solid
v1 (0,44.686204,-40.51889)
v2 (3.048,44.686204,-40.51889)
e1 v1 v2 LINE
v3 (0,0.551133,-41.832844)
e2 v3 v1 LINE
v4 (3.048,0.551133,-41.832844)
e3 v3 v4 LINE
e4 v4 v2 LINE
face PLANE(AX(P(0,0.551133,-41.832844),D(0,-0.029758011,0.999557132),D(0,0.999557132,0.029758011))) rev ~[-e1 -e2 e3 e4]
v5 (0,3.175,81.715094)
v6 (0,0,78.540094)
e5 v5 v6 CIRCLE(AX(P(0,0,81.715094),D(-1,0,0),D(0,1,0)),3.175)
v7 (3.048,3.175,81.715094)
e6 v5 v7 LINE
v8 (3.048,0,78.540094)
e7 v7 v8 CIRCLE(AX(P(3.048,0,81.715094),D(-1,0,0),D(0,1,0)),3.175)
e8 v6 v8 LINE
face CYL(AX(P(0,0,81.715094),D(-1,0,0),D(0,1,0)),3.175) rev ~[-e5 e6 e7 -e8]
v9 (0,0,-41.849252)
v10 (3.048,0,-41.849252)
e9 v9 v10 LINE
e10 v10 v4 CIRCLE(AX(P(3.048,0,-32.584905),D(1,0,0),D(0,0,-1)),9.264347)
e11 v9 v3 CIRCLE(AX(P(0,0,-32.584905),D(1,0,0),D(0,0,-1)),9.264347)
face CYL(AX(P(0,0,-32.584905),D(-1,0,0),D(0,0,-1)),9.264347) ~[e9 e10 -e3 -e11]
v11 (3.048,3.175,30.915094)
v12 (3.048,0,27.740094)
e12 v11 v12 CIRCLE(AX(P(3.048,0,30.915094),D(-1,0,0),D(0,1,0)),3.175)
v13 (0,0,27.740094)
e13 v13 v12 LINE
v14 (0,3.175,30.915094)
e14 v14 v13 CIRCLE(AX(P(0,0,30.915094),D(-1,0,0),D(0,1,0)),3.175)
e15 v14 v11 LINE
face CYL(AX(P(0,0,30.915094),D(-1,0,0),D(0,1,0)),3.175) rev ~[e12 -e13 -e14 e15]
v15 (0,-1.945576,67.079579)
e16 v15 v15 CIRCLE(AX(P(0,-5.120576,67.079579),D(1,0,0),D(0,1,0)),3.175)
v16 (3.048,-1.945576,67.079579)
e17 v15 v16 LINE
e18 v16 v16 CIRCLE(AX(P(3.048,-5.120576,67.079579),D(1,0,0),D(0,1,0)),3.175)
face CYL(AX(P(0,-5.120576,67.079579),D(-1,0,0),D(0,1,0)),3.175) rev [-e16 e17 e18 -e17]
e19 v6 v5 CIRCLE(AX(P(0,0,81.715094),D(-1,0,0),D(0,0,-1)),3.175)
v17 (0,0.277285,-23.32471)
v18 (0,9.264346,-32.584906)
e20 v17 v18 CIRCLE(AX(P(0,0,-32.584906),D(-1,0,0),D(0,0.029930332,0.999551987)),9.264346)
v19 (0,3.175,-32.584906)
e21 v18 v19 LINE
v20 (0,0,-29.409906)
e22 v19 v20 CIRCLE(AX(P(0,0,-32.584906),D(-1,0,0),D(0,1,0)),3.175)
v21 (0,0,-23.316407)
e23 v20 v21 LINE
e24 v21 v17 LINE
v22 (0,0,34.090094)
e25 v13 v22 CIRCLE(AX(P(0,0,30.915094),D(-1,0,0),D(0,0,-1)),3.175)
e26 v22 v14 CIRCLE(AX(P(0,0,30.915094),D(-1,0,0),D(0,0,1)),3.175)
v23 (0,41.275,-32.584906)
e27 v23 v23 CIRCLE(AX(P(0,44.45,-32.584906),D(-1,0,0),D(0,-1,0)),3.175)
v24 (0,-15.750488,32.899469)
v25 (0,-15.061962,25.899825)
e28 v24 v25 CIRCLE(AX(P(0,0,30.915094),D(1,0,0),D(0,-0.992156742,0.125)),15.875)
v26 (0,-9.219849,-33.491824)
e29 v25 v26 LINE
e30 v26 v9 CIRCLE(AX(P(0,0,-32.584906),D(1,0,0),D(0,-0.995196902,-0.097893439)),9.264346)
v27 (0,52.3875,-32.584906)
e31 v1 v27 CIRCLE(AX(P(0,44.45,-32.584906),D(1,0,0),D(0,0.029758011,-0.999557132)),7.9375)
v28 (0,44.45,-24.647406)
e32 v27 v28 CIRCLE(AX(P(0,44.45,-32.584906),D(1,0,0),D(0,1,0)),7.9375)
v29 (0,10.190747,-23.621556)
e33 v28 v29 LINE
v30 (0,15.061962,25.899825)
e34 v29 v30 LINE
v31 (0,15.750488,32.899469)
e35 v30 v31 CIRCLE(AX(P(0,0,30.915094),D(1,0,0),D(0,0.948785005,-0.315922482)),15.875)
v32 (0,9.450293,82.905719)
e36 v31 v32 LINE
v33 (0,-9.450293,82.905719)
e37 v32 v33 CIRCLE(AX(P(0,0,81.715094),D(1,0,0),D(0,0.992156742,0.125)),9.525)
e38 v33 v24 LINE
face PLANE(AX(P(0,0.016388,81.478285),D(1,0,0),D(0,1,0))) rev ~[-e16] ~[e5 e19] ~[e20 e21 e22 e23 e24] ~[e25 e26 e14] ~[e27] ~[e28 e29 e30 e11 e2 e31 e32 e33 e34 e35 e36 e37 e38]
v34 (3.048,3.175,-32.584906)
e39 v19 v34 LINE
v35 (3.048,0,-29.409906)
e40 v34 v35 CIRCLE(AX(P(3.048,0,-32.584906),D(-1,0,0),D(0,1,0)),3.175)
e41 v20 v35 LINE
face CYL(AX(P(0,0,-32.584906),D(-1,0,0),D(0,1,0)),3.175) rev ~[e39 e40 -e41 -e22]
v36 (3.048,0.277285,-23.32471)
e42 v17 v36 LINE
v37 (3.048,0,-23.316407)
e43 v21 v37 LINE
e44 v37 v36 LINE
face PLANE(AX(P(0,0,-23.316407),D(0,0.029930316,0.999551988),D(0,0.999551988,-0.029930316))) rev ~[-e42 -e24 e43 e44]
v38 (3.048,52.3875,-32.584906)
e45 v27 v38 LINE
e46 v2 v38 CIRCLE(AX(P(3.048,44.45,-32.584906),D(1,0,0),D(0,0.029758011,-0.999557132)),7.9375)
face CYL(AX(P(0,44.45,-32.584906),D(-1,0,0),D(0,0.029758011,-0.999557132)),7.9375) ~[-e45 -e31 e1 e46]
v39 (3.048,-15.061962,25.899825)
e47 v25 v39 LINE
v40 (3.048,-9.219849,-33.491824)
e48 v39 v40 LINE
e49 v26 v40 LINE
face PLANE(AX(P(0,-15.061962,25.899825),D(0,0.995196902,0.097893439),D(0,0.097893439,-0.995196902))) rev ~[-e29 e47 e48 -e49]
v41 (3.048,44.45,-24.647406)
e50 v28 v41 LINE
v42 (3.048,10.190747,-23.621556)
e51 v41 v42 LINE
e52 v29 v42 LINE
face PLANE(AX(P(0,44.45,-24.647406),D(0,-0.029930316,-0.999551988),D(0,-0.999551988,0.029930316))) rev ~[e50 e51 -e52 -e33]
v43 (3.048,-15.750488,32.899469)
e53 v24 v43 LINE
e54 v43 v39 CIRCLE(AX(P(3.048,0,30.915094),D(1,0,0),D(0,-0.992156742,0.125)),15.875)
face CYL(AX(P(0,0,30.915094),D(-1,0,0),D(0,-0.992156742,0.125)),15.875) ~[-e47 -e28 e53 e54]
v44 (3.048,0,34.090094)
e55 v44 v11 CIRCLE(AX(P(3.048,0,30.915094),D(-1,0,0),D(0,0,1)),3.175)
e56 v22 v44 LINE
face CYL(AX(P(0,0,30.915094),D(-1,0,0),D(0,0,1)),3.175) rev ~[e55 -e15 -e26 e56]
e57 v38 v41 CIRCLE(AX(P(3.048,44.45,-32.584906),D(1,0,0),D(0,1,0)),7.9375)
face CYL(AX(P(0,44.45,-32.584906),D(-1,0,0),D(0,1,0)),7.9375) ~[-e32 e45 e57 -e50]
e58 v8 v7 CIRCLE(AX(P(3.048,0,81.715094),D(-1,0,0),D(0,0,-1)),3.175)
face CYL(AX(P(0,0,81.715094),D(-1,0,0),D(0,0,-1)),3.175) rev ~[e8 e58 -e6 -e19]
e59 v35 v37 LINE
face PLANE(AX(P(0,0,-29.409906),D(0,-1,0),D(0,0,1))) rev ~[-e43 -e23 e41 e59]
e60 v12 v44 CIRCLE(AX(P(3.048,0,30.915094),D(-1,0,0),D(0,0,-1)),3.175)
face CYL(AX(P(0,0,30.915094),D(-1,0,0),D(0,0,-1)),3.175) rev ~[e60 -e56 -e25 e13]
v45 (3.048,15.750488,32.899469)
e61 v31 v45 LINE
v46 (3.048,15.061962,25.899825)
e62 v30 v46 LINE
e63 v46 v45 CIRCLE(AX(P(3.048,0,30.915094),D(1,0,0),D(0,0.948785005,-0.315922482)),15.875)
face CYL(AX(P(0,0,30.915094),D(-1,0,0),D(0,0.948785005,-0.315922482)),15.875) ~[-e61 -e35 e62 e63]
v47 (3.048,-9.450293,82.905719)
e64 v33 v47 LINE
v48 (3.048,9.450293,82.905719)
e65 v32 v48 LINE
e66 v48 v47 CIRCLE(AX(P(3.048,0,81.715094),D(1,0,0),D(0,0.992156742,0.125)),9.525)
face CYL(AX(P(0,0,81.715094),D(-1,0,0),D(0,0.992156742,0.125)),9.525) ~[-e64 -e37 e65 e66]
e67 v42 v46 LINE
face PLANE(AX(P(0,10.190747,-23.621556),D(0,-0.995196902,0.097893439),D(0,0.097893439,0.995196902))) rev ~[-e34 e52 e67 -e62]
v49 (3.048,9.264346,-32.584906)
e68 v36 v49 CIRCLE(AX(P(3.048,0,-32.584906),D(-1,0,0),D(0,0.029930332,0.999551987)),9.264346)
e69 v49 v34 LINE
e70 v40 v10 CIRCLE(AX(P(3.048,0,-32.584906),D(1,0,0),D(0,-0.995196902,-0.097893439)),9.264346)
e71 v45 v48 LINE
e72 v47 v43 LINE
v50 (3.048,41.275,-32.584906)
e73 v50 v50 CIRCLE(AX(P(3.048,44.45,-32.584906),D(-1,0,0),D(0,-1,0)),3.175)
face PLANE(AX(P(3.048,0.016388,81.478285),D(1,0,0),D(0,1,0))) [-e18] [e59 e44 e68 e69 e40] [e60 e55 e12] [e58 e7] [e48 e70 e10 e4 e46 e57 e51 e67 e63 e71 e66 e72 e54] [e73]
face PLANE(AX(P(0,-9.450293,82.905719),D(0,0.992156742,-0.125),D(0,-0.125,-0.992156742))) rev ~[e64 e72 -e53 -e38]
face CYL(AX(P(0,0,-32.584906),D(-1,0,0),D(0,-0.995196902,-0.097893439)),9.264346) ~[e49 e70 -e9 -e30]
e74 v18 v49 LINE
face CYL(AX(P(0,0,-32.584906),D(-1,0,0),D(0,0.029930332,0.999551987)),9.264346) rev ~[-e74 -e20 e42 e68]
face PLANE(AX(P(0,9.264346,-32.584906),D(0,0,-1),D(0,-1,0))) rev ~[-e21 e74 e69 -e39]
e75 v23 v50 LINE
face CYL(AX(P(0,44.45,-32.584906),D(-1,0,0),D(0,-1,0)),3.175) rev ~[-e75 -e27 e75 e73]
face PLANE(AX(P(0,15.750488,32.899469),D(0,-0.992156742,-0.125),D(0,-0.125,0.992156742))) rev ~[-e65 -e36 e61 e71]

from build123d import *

# Parameters (mm, degrees)
F0_R     = 3.175
F1_DEPTH = 3.048


with BuildPart() as f1:
    # F0 (on Right) → F1 (new body)
    with BuildSketch(Plane.YZ):
        with BuildLine():
            ThreePointArc((0, 72.1900944854), (6.7351920908, 74.9799023946), (9.525, 81.7150944854))
            ThreePointArc((9.525, 81.7150944854), (9.5063048942, 82.3115777274), (9.4502929642, 82.9057194854))
            ThreePointArc((9.4502929642, 82.9057194854), (0, 91.2400944854), (-9.4502929642, 82.9057194854))
            ThreePointArc((-9.4502929642, 82.9057194854), (-7.14375, 75.4148991759), (0, 72.1900944854))
        make_face()
        with BuildLine():
            ThreePointArc((3.175, 81.7150944854), (2.2450640303, 79.4700304552), (0, 78.5400944854))
            ThreePointArc((0, 78.5400944854), (-2.2450640303, 83.9601585157), (3.175, 81.7150944854))
        make_face(mode=Mode.SUBTRACT)
        with BuildLine():
            ThreePointArc((9.4502929642, 82.9057194854), (9.5063048942, 82.3115777274), (9.525, 81.7150944854))
            ThreePointArc((9.525, 81.7150944854), (6.7351920908, 74.9799023946), (0, 72.1900944854))
            Line((0, 72.1900944854), (0, 46.7900944854))
            Line((0, 46.7900944854), (0, 34.0900944854))
            ThreePointArc((0, 34.0900944854), (2.2450640303, 33.1601585157), (3.175, 30.9150944854))
            ThreePointArc((3.175, 30.9150944854), (2.2450640303, 28.6700304552), (0, 27.7400944854))
            Line((0, 27.7400944854), (0, 15.0400944854))
            ThreePointArc((0, 15.0400944854), (9.2843476683, 18.0381183895), (15.0619619516, 25.899825084))
            Line((15.0619619516, 25.899825084), (15.7504882737, 32.8994694854))
            Line((15.7504882737, 32.8994694854), (9.4502929642, 82.9057194854))
        make_face()
        with BuildLine():
            Line((0, 46.7900944854), (0, 72.1900944854))
            ThreePointArc((0, 72.1900944854), (-7.14375, 75.4148991759), (-9.4502929642, 82.9057194854))
            Line((-9.4502929642, 82.9057194854), (-15.7504882737, 32.8994694854))
            ThreePointArc((-15.7504882737, 32.8994694854), (-10.5003255158, 42.8213444854), (0, 46.7900944854))
        make_face()
        with Locations((-5.1205755983, 67.0795790052)):
            Circle(F0_R, mode=Mode.SUBTRACT)
        with BuildLine():
            ThreePointArc((15.0619619516, 25.899825084), (15.7987508259, 29.3610361396), (15.7504882737, 32.8994694854))
            Line((15.7504882737, 32.8994694854), (15.0619619516, 25.899825084))
        make_face()
        with BuildLine():
            Line((0, 34.0900944854), (0, 46.7900944854))
            ThreePointArc((0, 46.7900944854), (-10.5003255158, 42.8213444854), (-15.7504882737, 32.8994694854))
            Line((-15.7504882737, 32.8994694854), (-15.0619619516, 25.899825084))
            ThreePointArc((-15.0619619516, 25.899825084), (-9.2843476683, 18.0381183895), (0, 15.0400944854))
            Line((0, 15.0400944854), (0, 27.7400944854))
            ThreePointArc((0, 27.7400944854), (-3.175, 30.9150944854), (0, 34.0900944854))
        make_face()
        with BuildLine():
            Line((-15.0619619516, 25.899825084), (-15.7504882737, 32.8994694854))
            ThreePointArc((-15.7504882737, 32.8994694854), (-15.7987508259, 29.3610361396), (-15.0619619516, 25.899825084))
        make_face()
        with BuildLine():
            Line((10.1907467619, -23.6215556334), (15.0619619516, 25.899825084))
            ThreePointArc((15.0619619516, 25.899825084), (9.2843476683, 18.0381183895), (0, 15.0400944854))
            Line((0, 15.0400944854), (0, -23.3164066483))
            Line((0, -23.3164066483), (0.2772849675, -23.3247095949))
            Line((0.2772849675, -23.3247095949), (10.1907467619, -23.6215556334))
        make_face()
        with BuildLine():
            ThreePointArc((0, 15.0400944854), (-9.2843476683, 18.0381183895), (-15.0619619516, 25.899825084))
            Line((-15.0619619516, 25.899825084), (-9.2198489049, -33.4918242511))
            ThreePointArc((-9.2198489049, -33.4918242511), (-6.8640412592, -26.3629240764), (0, -23.3205590496))
            Line((0, -23.3205590496), (0, -23.3164066483))
            Line((0, -23.3164066483), (0, 15.0400944854))
        make_face()
        with BuildLine():
            Line((44.45, -24.6474055146), (10.1907467619, -23.6215556334))
            Line((10.1907467619, -23.6215556334), (9.3090587828, -32.5849055146))
            Line((9.3090587828, -32.5849055146), (36.5125, -32.5849055146))
            ThreePointArc((36.5125, -32.5849055146), (38.8373399243, -26.9722454389), (44.45, -24.6474055146))
        make_face()
        with BuildLine():
            Line((9.3090587828, -32.5849055146), (10.1907467619, -23.6215556334))
            Line((10.1907467619, -23.6215556334), (0.2772849675, -23.3247095949))
            ThreePointArc((0.2772849675, -23.3247095949), (6.6481944704, -26.1328030892), (9.264346465, -32.5849055146))
            Line((9.264346465, -32.5849055146), (9.3090587828, -32.5849055146))
        make_face()
        with BuildLine():
            ThreePointArc((0, -23.3205590496), (-6.8640412592, -26.3629240764), (-9.2198489049, -33.4918242511))
            ThreePointArc((-9.2198489049, -33.4918242511), (-6.2219814381, -39.4489467737), (0, -41.8492519796))
            Line((0, -41.8492519796), (0.5511328595, -41.8328440954))
            ThreePointArc((0.5511328595, -41.8328440954), (6.742922259, -38.937945325), (9.264346465, -32.5849055146))
            Line((9.264346465, -32.5849055146), (3.175, -32.5849055146))
            ThreePointArc((3.175, -32.5849055146), (-2.2450640303, -34.8299695448), (0, -29.4099055146))
            Line((0, -29.4099055146), (0, -23.3205590496))
        make_face()
        with BuildLine():
            Line((36.5125, -32.5849055146), (9.3090587828, -32.5849055146))
            Line((9.3090587828, -32.5849055146), (9.264346465, -32.5849055146))
            ThreePointArc((9.264346465, -32.5849055146), (6.742922259, -38.937945325), (0.5511328595, -41.8328440954))
            Line((0.5511328595, -41.8328440954), (44.6862042117, -40.5188902524))
            ThreePointArc((44.6862042117, -40.5188902524), (38.9214814227, -38.2804641869), (36.5125, -32.5849055146))
        make_face()
        with BuildLine():
            ThreePointArc((52.3875, -32.5849055146), (50.0626600757, -26.9722454389), (44.45, -24.6474055146))
            ThreePointArc((44.45, -24.6474055146), (38.8373399243, -26.9722454389), (36.5125, -32.5849055146))
            ThreePointArc((36.5125, -32.5849055146), (38.9214814227, -38.2804641869), (44.6862042117, -40.5188902524))
            ThreePointArc((44.6862042117, -40.5188902524), (50.1455586723, -38.1134240919), (52.3875, -32.5849055146))
        make_face()
        with BuildLine():
            ThreePointArc((47.625, -32.5849055146), (44.45, -35.7599055146), (41.275, -32.5849055146))
            ThreePointArc((41.275, -32.5849055146), (44.45, -29.4099055146), (47.625, -32.5849055146))
        make_face(mode=Mode.SUBTRACT)
        with BuildLine():
            Line((0.5511328595, -41.8328440954), (0, -41.8492519796))
            ThreePointArc((0, -41.8492519796), (0.2756885233, -41.8451491), (0.5511328595, -41.8328440954))
        make_face()
    extrude(amount=F1_DEPTH)


solid = f1.part
